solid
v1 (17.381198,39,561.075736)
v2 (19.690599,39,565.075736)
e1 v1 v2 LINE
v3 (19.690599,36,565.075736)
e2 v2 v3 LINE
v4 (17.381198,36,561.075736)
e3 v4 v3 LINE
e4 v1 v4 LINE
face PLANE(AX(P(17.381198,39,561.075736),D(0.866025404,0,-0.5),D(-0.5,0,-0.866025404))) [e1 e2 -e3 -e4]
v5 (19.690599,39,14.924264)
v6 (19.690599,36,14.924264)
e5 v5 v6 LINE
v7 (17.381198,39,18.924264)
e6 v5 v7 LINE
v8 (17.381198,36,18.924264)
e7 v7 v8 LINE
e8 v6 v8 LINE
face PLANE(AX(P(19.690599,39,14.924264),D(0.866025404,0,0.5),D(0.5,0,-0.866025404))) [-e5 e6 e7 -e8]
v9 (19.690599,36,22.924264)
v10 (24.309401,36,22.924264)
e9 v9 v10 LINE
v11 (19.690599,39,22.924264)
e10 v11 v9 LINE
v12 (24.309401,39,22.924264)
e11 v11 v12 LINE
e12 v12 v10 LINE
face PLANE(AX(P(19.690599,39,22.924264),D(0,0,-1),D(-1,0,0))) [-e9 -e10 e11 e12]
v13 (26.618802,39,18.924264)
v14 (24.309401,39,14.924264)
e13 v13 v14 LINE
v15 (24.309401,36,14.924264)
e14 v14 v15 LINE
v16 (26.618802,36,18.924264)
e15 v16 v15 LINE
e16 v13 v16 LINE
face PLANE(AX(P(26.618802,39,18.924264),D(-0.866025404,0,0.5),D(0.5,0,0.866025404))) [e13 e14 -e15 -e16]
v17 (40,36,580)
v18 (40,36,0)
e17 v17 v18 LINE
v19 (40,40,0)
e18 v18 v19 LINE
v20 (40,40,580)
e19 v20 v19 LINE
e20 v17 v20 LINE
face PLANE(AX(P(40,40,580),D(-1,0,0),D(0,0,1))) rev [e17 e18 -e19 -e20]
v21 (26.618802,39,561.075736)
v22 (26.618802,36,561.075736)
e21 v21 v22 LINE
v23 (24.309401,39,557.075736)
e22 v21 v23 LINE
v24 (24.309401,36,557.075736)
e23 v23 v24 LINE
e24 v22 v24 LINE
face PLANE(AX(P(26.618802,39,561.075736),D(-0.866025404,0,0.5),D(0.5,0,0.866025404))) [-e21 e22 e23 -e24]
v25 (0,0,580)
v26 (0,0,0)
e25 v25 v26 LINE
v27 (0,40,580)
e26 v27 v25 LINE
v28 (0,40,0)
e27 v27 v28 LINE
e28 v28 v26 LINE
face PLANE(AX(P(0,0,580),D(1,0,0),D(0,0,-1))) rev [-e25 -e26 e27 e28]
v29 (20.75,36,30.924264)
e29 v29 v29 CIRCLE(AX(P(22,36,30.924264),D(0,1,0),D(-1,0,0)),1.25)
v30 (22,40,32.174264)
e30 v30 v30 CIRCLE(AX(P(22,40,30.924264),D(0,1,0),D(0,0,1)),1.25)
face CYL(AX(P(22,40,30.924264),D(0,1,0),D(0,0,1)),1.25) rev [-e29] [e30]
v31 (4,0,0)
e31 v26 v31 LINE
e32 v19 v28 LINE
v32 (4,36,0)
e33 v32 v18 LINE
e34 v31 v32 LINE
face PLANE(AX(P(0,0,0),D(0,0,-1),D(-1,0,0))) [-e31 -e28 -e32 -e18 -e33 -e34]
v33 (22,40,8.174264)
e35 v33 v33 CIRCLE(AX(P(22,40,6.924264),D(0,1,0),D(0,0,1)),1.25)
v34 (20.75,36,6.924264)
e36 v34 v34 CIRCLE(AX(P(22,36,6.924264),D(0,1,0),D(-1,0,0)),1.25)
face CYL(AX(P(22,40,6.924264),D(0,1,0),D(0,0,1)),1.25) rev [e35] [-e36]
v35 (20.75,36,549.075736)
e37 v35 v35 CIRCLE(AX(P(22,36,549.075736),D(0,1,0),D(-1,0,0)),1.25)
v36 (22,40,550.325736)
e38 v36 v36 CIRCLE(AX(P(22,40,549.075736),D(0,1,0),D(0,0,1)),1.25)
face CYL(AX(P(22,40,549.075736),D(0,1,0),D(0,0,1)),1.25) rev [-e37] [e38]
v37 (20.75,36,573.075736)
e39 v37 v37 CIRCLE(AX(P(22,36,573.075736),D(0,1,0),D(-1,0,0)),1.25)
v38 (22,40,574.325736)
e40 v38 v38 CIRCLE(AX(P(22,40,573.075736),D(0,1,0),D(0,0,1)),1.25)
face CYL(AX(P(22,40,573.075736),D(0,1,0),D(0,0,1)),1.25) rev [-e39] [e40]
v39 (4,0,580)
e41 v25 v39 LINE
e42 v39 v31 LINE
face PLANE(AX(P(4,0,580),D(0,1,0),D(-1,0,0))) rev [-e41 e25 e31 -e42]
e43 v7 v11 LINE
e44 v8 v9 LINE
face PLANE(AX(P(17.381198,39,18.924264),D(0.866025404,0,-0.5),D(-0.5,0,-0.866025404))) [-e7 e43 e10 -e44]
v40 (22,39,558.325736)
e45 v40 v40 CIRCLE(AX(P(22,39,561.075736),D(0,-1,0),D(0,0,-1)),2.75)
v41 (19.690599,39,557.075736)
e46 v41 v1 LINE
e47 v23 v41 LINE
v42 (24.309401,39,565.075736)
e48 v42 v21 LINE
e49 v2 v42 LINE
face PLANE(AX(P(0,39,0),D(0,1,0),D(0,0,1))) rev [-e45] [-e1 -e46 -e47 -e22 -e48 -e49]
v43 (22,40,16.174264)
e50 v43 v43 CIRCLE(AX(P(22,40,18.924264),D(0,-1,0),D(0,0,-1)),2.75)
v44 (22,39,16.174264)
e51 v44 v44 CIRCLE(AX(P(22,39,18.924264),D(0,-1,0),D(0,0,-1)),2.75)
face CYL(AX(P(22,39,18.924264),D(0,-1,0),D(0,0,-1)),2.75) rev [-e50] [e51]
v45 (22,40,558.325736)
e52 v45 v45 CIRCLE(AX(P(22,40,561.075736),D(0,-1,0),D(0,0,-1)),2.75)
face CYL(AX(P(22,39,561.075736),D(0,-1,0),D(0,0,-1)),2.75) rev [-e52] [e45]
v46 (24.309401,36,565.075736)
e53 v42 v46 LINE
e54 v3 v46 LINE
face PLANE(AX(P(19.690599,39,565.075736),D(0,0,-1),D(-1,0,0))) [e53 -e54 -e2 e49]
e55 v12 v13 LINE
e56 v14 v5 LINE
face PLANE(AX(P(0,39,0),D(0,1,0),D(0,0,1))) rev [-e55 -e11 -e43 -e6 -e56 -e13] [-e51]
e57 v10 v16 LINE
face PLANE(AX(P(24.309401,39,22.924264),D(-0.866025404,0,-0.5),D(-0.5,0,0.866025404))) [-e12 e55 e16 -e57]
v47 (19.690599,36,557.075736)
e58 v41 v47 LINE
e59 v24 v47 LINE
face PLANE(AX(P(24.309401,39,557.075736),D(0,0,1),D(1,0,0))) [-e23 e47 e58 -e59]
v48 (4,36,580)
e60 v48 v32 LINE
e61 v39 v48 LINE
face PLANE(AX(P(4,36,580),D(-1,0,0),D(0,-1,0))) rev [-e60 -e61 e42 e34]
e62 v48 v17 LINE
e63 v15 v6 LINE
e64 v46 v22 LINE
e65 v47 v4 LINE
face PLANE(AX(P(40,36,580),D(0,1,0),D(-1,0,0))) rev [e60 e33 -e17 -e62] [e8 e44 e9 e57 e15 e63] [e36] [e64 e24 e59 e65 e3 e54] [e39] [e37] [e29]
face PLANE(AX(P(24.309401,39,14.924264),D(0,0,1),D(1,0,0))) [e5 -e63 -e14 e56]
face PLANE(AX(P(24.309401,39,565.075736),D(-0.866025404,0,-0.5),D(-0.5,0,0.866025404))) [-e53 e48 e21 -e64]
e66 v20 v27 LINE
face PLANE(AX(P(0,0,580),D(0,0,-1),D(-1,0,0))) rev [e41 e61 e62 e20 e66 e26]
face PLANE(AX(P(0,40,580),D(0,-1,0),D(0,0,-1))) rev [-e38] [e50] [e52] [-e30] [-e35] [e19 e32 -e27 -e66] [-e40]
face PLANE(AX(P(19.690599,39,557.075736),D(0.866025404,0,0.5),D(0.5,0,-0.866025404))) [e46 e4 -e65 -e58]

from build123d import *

# Parameters (mm, degrees)
BOSS_EXTRUDE1_DEPTH     = 580
CUT_EXTRUDE1_DEPTH      = 3
TAP_DRILL_FOR_M3_TAP1_D = 2.5
M5_CLEARANCE_HOLE1_D    = 5.5


with BuildPart() as part:
    # Sketch1 → Boss-Extrude1 (new body)
    with BuildSketch(Plane.XY):
        Polygon((0, 0), (0, 40), (40, 40), (40, 36), (4, 36), (4, 0), align=None)
    extrude(amount=BOSS_EXTRUDE1_DEPTH)

    # Sketch2 → Cut-Extrude1 (cut)
    with BuildSketch(Plane(origin=(0, 36, 0), x_dir=(1, 0, 0), z_dir=(0, 1, 0))):
        Polygon((24.309401077, -14.924264069), (19.690598923, -14.924264069), (17.381197846, -18.924264069), (19.690598923, -22.924264069), (24.309401077, -22.924264069), (26.618802154, -18.924264069), align=None)
        Polygon((24.309401077, -557.075735931), (19.690598923, -557.075735931), (17.381197846, -561.075735931), (19.690598923, -565.075735931), (24.309401077, -565.075735931), (26.618802154, -561.075735931), align=None)
    extrude(amount=CUT_EXTRUDE1_DEPTH, mode=Mode.SUBTRACT)

    # Tap Drill for M3 Tap1 (through all)
    with Locations(Plane(origin=(0, 40, 0), x_dir=(1, 0, 0), z_dir=(0, 1, 0))):
        with Locations((22, -549.075735931), (22, -573.075735931), (22, -30.924264069), (22, -6.924264069)):
            Hole(TAP_DRILL_FOR_M3_TAP1_D / 2)

    # M5 Clearance Hole1 (through all)
    with Locations(Plane(origin=(0, 39, 0), x_dir=(-1, 0, 0), z_dir=(0, -1, 0))):
        with Locations((-22, -561.075735931), (-22, -18.924264069)):
            Hole(M5_CLEARANCE_HOLE1_D / 2)


solid = part.part
